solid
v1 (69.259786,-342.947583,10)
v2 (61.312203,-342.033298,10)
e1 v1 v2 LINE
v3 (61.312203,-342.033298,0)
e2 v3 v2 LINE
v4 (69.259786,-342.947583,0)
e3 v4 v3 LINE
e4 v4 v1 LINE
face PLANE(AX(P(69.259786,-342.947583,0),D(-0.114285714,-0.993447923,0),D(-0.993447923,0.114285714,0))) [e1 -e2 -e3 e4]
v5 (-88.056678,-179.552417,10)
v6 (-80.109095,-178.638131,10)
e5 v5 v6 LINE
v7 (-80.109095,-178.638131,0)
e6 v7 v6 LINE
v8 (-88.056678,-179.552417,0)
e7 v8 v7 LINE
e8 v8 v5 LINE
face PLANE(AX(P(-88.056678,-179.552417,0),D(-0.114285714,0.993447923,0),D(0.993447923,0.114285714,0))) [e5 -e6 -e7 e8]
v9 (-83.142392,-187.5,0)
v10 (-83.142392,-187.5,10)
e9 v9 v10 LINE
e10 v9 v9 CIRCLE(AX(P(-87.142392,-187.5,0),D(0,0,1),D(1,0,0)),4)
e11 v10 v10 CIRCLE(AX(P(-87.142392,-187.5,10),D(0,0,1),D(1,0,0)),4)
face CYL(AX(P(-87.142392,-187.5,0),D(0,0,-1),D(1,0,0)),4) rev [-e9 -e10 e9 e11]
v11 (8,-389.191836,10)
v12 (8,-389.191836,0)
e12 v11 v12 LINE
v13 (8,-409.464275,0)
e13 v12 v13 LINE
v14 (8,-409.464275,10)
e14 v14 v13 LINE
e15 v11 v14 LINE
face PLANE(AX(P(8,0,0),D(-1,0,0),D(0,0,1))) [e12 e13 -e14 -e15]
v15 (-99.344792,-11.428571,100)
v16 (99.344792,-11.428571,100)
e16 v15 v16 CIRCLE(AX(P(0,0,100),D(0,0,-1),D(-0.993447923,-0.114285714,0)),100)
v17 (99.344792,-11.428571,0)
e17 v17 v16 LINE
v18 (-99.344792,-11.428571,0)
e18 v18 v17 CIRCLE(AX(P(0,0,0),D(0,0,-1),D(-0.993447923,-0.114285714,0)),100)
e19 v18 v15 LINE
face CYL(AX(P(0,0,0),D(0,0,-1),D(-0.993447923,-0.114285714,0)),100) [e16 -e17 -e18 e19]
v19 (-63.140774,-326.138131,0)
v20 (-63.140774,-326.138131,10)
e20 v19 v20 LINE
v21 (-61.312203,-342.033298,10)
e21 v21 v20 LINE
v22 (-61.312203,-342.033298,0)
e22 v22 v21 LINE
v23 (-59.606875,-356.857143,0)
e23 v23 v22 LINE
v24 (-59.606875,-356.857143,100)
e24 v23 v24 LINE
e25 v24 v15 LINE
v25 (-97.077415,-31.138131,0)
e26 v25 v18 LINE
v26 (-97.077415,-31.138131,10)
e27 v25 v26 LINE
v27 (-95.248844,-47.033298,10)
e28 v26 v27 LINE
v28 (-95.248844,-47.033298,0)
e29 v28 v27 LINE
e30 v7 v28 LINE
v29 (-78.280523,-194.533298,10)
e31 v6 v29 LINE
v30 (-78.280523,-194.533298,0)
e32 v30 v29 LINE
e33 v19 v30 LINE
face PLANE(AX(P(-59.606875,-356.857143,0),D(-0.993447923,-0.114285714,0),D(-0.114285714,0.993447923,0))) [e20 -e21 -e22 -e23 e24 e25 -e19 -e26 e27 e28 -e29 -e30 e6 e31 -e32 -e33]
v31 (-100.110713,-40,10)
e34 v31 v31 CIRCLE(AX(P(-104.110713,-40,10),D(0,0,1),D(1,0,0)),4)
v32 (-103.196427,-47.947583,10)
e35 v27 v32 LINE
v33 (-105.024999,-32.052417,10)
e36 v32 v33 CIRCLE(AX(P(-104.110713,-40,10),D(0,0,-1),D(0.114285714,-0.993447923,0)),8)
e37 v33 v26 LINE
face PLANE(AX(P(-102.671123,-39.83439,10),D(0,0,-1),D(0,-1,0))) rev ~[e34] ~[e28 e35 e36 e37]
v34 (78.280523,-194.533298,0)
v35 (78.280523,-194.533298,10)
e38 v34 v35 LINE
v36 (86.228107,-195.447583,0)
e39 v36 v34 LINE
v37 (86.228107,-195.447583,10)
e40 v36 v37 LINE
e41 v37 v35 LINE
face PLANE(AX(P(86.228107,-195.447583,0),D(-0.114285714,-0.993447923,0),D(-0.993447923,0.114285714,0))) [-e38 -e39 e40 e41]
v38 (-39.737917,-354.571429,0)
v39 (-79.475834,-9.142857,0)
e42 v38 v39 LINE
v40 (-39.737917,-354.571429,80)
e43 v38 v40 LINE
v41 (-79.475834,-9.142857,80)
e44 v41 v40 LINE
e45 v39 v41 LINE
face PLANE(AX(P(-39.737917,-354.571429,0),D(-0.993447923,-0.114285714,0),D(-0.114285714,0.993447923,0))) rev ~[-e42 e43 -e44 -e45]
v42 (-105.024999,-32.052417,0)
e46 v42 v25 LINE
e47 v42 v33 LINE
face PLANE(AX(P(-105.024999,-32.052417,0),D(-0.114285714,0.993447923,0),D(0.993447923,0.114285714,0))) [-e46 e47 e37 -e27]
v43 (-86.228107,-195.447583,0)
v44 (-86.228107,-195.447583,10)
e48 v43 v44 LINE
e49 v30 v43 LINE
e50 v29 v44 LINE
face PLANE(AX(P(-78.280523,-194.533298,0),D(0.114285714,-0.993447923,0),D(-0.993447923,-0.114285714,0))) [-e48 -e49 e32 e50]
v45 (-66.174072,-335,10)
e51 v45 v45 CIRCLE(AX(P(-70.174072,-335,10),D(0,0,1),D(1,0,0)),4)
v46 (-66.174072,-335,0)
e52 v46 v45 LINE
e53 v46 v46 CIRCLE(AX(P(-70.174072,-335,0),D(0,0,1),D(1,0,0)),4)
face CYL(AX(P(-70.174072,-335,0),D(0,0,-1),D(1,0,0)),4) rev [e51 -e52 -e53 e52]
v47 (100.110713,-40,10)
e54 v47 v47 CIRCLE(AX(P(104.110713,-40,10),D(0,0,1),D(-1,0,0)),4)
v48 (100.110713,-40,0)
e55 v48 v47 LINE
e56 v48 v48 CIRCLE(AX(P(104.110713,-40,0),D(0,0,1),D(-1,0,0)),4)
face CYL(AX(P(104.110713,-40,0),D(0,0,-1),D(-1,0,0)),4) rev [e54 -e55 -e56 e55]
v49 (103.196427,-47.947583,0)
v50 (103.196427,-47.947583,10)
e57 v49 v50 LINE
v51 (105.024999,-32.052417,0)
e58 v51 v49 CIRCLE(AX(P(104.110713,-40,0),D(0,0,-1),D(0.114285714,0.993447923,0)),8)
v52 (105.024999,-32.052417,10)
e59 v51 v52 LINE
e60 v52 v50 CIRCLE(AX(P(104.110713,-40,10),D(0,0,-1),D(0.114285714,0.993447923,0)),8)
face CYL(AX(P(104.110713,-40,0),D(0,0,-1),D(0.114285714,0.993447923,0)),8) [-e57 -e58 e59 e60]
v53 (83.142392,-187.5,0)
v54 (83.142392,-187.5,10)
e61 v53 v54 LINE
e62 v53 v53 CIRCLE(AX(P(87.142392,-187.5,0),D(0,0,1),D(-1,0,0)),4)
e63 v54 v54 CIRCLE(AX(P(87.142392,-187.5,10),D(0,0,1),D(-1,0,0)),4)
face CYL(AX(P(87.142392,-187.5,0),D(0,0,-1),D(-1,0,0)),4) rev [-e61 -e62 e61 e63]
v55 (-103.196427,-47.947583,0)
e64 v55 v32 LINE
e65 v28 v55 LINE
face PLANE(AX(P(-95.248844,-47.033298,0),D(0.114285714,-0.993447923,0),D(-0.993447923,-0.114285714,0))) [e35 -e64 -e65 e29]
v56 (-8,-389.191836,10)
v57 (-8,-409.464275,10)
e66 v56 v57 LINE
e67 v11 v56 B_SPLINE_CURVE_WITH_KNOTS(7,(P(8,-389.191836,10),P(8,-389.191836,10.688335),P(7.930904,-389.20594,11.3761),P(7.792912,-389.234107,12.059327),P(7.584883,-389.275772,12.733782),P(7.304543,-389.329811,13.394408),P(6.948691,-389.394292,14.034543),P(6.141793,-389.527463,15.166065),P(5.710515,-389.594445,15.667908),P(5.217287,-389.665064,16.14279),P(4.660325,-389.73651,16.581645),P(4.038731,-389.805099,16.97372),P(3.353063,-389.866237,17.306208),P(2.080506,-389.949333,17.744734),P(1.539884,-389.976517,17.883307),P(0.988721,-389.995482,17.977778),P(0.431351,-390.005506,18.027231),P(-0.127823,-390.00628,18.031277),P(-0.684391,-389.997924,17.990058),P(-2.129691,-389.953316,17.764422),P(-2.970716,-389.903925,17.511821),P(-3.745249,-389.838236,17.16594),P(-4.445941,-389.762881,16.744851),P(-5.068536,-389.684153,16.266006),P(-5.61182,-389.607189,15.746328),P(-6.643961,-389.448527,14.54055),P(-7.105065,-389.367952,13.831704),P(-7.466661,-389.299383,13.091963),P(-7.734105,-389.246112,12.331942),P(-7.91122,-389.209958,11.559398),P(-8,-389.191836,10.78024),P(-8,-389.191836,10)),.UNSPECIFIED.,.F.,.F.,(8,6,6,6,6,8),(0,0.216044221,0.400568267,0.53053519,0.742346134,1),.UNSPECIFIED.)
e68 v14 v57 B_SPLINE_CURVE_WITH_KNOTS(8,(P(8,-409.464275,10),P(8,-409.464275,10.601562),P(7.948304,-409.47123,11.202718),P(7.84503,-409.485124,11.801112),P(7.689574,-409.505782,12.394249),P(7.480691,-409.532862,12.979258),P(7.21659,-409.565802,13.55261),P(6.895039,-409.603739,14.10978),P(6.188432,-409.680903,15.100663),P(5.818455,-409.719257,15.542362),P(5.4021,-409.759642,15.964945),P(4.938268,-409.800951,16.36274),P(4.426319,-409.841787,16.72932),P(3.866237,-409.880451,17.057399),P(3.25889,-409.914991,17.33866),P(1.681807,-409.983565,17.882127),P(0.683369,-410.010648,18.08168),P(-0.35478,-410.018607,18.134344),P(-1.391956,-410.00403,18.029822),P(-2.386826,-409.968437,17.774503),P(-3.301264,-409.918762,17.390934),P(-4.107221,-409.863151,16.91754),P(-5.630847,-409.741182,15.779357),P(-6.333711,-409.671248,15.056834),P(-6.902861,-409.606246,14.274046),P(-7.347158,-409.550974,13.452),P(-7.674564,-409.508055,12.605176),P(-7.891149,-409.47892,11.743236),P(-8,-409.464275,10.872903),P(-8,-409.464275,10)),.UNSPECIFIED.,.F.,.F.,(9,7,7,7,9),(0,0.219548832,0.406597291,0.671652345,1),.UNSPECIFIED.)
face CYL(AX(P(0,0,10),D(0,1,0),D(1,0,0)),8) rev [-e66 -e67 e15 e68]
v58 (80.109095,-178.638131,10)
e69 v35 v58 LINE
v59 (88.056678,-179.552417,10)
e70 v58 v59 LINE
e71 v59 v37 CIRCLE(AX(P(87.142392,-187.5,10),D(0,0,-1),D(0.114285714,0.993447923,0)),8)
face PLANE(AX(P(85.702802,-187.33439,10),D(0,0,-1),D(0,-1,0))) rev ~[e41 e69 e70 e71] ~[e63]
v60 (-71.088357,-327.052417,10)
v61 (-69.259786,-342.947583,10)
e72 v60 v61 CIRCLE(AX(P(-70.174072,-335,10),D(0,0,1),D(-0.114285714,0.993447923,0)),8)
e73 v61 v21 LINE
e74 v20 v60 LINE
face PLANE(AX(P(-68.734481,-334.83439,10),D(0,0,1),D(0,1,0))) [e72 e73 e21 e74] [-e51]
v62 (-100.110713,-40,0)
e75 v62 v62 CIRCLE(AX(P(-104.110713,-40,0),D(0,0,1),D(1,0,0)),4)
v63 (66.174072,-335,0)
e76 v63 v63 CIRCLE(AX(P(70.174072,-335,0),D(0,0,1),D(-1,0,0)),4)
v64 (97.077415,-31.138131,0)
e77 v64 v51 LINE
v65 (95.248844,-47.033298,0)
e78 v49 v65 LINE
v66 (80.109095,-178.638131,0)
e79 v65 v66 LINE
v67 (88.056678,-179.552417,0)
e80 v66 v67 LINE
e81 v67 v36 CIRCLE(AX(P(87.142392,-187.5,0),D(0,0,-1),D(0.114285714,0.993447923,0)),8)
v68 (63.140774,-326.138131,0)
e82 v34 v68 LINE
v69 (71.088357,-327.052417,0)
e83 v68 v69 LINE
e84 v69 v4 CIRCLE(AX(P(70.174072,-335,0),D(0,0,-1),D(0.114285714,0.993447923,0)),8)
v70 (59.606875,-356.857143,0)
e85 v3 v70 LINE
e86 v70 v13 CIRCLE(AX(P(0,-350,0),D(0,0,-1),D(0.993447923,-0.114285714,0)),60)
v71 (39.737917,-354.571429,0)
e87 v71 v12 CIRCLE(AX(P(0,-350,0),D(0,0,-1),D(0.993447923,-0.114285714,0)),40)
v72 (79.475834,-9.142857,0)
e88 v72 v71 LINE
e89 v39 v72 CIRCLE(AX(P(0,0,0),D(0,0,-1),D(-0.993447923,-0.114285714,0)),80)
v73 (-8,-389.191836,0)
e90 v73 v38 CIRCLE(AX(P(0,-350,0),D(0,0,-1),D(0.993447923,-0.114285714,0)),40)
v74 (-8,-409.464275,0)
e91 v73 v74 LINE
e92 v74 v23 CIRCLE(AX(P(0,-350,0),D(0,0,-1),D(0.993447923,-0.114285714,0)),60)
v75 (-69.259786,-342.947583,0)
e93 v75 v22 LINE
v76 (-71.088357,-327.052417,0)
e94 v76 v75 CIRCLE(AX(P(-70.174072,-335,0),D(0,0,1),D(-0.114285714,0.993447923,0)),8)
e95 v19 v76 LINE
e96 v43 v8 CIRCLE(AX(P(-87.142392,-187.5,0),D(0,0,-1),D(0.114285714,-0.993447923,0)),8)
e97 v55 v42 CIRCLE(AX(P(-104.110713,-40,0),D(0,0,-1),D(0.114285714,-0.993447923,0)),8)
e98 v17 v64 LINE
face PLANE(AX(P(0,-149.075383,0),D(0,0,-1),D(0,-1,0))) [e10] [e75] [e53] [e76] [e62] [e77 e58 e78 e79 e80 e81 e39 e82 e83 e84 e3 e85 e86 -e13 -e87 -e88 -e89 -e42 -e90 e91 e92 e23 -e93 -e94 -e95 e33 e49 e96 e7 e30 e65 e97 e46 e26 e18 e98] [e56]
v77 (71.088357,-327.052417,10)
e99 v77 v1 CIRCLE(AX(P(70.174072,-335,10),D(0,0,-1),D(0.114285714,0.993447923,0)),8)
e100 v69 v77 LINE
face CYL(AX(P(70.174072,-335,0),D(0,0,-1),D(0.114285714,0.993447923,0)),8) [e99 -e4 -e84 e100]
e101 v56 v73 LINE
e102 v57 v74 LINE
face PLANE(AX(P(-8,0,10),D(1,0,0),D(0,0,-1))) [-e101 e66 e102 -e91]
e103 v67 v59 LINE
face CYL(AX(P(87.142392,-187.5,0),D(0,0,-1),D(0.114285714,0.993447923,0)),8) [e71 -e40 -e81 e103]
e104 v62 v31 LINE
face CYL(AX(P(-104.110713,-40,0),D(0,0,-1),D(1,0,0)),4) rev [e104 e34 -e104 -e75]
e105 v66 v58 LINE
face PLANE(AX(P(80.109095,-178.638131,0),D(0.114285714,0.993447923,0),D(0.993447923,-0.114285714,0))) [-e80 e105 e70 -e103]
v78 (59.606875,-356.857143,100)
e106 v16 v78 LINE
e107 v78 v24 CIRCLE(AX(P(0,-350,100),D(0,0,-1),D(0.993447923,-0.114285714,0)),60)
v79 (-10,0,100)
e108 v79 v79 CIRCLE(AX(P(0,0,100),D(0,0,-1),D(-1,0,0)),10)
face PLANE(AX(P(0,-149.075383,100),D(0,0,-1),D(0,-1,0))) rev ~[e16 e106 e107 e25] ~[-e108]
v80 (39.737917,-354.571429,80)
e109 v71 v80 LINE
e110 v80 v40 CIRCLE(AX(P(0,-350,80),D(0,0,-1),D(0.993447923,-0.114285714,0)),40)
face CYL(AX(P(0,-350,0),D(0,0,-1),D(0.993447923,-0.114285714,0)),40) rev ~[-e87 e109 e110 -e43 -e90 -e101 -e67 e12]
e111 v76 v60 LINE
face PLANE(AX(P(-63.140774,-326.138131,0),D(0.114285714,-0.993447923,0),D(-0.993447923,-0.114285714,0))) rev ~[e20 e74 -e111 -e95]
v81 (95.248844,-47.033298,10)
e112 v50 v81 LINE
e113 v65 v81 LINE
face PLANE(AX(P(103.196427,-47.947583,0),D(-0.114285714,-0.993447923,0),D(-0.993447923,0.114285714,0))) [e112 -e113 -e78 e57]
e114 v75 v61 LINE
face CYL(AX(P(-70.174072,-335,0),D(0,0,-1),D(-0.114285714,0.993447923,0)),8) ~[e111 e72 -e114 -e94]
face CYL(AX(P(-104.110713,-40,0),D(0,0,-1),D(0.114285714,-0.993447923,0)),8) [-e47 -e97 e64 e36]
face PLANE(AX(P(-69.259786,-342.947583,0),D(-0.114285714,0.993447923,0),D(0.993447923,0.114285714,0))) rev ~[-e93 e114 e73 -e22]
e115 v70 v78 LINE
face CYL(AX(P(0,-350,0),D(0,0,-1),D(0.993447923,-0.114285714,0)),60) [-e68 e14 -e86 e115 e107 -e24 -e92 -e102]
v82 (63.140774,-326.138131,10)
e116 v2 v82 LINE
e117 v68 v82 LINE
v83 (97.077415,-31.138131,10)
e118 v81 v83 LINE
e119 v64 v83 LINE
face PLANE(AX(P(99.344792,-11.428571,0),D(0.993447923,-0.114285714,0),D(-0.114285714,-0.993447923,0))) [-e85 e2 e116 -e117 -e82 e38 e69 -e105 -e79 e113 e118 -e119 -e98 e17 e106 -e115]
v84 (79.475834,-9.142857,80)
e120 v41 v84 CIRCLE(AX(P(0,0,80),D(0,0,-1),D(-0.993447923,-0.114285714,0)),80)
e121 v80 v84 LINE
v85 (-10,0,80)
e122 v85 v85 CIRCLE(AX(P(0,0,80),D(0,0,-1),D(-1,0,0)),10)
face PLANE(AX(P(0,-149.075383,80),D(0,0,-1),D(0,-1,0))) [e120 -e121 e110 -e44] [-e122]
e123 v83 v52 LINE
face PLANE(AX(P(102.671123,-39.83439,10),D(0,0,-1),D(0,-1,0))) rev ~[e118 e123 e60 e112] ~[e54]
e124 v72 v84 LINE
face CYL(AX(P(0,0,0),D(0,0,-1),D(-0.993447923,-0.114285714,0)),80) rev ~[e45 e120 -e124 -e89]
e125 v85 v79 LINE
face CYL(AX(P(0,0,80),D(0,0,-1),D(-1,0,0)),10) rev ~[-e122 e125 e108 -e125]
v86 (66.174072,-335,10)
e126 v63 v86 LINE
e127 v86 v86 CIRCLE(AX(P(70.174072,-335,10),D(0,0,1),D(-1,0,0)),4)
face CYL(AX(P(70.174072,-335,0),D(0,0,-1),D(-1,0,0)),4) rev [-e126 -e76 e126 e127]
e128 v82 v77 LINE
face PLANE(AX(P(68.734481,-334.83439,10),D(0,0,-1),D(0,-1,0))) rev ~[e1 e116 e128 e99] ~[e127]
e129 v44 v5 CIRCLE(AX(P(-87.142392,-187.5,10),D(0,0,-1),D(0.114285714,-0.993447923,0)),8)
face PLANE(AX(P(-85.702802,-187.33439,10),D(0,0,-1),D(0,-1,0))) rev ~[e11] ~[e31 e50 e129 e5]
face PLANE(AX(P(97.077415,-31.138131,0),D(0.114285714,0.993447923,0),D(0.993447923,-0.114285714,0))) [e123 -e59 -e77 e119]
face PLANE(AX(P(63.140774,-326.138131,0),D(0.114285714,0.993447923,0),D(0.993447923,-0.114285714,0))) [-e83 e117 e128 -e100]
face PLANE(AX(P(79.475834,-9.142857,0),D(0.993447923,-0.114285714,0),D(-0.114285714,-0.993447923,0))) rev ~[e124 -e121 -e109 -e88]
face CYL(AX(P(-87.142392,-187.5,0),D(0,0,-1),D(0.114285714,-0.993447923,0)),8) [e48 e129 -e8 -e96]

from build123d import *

# Parameters (mm, degrees)
BOSS_EXTRUDE1_DEPTH = 100
SHELL1_T            = -20
SKETCH7_R           = 10
CUT_EXTRUDE2_DEPTH  = 39
SKETCH8_R           = 4
BOSS_EXTRUDE2_DEPTH = 10
CUT_EXTRUDE3_DEPTH  = 423


with BuildPart() as part:
    # Sketch1 → Boss-Extrude1 (new body)
    with BuildSketch(Plane(origin=(0, 0, 0), x_dir=(0, 1, 0), z_dir=(0, 0, 1))):
        with BuildLine():
            Line((-356.857142857, 59.606875374), (-11.428571429, 99.34479229))
            ThreePointArc((-11.428571429, 99.34479229), (100, 0), (-11.428571429, -99.34479229))
            Line((-11.428571429, -99.34479229), (-356.857142857, -59.606875374))
            ThreePointArc((-356.857142857, -59.606875374), (-410, 0), (-356.857142857, 59.606875374))
        make_face()
    extrude(amount=BOSS_EXTRUDE1_DEPTH)

    # Shell1
    shell1_openings = [part.faces().sort_by_distance(p)[0] for p in [
        (0, -135.081480523, 0),
    ]]
    offset(amount=SHELL1_T, openings=shell1_openings, kind=Kind.INTERSECTION)

    # Sketch7 → Cut-Extrude2 (cut)
    with BuildSketch(Plane(origin=(0, 0, 80), x_dir=(1, 0, 0), z_dir=(0, 0, -1))):
        with Locations(Location((0, 0, 0), (0, 0, 180))):
            Circle(SKETCH7_R)
    extrude(amount=-CUT_EXTRUDE2_DEPTH, mode=Mode.SUBTRACT)

    # Sketch8 → Boss-Extrude2 (add)
    # profile 1 of 6: a face of its own
    with BuildSketch(Plane(origin=(0, 0, 0), x_dir=(0, 1, 0), z_dir=(0, 0, 1))):
        with BuildLine():
            Line((-342.947583383, 69.259785928), (-342.033297669, 61.312202545))
            Line((-342.033297669, 61.312202545), (-326.138130903, 63.140773973))
            Line((-326.138130903, 63.140773973), (-327.052416617, 71.088357357))
            ThreePointArc((-327.052416617, 71.088357357), (-335.914285714, 78.121655025), (-342.947583383, 69.259785928))
        make_face()
        with Locations(Location((-335, 70.174071642, 0), (0, 0, 270))):
            Circle(SKETCH8_R, mode=Mode.SUBTRACT)
    # profile 2 of 6: a face of its own
    with BuildSketch(Plane(origin=(0, 0, 0), x_dir=(0, 1, 0), z_dir=(0, 0, 1))):
        with BuildLine():
            Line((-179.552416617, 88.056677959), (-178.638130903, 80.109094575))
            Line((-178.638130903, 80.109094575), (-194.533297669, 78.280523147))
            Line((-194.533297669, 78.280523147), (-195.447583383, 86.22810653))
            ThreePointArc((-195.447583383, 86.22810653), (-188.414285714, 95.089975627), (-179.552416617, 88.056677959))
        make_face()
        with Locations(Location((-187.5, 87.142392244, 0), (0, 0, 270))):
            Circle(SKETCH8_R, mode=Mode.SUBTRACT)
    # profile 3 of 6: a face of its own
    with BuildSketch(Plane(origin=(0, 0, 0), x_dir=(0, 1, 0), z_dir=(0, 0, 1))):
        with BuildLine():
            Line((-32.052416617, 105.024998561), (-31.138130903, 97.077415177))
            Line((-31.138130903, 97.077415177), (-47.033297669, 95.248843749))
            Line((-47.033297669, 95.248843749), (-47.947583383, 103.196427132))
            ThreePointArc((-47.947583383, 103.196427132), (-40.914285714, 112.058296229), (-32.052416617, 105.024998561))
        make_face()
        with Locations(Location((-40, 104.110712846, 0), (0, 0, 270))):
            Circle(SKETCH8_R, mode=Mode.SUBTRACT)
    # profile 4 of 6: a face of its own
    with BuildSketch(Plane(origin=(0, 0, 0), x_dir=(0, 1, 0), z_dir=(0, 0, 1))):
        with BuildLine():
            Line((-47.947583383, -103.196427132), (-47.033297669, -95.248843749))
            Line((-47.033297669, -95.248843749), (-31.138130903, -97.077415177))
            Line((-31.138130903, -97.077415177), (-32.052416617, -105.024998561))
            ThreePointArc((-32.052416617, -105.024998561), (-40.914285714, -112.058296229), (-47.947583383, -103.196427132))
        make_face()
        with Locations(Location((-40, -104.110712846, 0), (0, 0, 90))):
            Circle(SKETCH8_R, mode=Mode.SUBTRACT)
    # profile 5 of 6: a face of its own
    with BuildSketch(Plane(origin=(0, 0, 0), x_dir=(0, 1, 0), z_dir=(0, 0, 1))):
        with BuildLine():
            Line((-195.447583383, -86.22810653), (-194.533297669, -78.280523147))
            Line((-194.533297669, -78.280523147), (-178.638130903, -80.109094575))
            Line((-178.638130903, -80.109094575), (-179.552416617, -88.056677959))
            ThreePointArc((-179.552416617, -88.056677959), (-188.414285714, -95.089975627), (-195.447583383, -86.22810653))
        make_face()
        with Locations(Location((-187.5, -87.142392244, 0), (0, 0, 90))):
            Circle(SKETCH8_R, mode=Mode.SUBTRACT)
    # profile 6 of 6: a face of its own
    with BuildSketch(Plane(origin=(0, 0, 0), x_dir=(0, 1, 0), z_dir=(0, 0, 1))):
        with BuildLine():
            Line((-342.033297669, -61.312202545), (-326.138130903, -63.140773973))
            Line((-326.138130903, -63.140773973), (-327.052416617, -71.088357357))
            ThreePointArc((-327.052416617, -71.088357357), (-335.914285714, -78.121655025), (-342.947583383, -69.259785928))
            Line((-342.947583383, -69.259785928), (-342.033297669, -61.312202545))
        make_face()
        with Locations(Location((-335, -70.174071642, 0), (0, 0, 90))):
            Circle(SKETCH8_R, mode=Mode.SUBTRACT)
    extrude(amount=BOSS_EXTRUDE2_DEPTH)

    # Sketch9 → Cut-Extrude3 (cut)
    with BuildSketch(Plane(origin=(0, 0, 0), x_dir=(-1, 0, 0), z_dir=(0, 1, 0))):
        with BuildLine():
            Line((0, 0), (-8, 0))
            Line((-8, 0), (-8, 10))
            ThreePointArc((-8, 10), (0, 18), (8, 10))
            Line((8, 10), (8, 0))
            Line((8, 0), (0, 0))
        make_face()
    extrude(amount=-CUT_EXTRUDE3_DEPTH, mode=Mode.SUBTRACT)


solid = part.part
